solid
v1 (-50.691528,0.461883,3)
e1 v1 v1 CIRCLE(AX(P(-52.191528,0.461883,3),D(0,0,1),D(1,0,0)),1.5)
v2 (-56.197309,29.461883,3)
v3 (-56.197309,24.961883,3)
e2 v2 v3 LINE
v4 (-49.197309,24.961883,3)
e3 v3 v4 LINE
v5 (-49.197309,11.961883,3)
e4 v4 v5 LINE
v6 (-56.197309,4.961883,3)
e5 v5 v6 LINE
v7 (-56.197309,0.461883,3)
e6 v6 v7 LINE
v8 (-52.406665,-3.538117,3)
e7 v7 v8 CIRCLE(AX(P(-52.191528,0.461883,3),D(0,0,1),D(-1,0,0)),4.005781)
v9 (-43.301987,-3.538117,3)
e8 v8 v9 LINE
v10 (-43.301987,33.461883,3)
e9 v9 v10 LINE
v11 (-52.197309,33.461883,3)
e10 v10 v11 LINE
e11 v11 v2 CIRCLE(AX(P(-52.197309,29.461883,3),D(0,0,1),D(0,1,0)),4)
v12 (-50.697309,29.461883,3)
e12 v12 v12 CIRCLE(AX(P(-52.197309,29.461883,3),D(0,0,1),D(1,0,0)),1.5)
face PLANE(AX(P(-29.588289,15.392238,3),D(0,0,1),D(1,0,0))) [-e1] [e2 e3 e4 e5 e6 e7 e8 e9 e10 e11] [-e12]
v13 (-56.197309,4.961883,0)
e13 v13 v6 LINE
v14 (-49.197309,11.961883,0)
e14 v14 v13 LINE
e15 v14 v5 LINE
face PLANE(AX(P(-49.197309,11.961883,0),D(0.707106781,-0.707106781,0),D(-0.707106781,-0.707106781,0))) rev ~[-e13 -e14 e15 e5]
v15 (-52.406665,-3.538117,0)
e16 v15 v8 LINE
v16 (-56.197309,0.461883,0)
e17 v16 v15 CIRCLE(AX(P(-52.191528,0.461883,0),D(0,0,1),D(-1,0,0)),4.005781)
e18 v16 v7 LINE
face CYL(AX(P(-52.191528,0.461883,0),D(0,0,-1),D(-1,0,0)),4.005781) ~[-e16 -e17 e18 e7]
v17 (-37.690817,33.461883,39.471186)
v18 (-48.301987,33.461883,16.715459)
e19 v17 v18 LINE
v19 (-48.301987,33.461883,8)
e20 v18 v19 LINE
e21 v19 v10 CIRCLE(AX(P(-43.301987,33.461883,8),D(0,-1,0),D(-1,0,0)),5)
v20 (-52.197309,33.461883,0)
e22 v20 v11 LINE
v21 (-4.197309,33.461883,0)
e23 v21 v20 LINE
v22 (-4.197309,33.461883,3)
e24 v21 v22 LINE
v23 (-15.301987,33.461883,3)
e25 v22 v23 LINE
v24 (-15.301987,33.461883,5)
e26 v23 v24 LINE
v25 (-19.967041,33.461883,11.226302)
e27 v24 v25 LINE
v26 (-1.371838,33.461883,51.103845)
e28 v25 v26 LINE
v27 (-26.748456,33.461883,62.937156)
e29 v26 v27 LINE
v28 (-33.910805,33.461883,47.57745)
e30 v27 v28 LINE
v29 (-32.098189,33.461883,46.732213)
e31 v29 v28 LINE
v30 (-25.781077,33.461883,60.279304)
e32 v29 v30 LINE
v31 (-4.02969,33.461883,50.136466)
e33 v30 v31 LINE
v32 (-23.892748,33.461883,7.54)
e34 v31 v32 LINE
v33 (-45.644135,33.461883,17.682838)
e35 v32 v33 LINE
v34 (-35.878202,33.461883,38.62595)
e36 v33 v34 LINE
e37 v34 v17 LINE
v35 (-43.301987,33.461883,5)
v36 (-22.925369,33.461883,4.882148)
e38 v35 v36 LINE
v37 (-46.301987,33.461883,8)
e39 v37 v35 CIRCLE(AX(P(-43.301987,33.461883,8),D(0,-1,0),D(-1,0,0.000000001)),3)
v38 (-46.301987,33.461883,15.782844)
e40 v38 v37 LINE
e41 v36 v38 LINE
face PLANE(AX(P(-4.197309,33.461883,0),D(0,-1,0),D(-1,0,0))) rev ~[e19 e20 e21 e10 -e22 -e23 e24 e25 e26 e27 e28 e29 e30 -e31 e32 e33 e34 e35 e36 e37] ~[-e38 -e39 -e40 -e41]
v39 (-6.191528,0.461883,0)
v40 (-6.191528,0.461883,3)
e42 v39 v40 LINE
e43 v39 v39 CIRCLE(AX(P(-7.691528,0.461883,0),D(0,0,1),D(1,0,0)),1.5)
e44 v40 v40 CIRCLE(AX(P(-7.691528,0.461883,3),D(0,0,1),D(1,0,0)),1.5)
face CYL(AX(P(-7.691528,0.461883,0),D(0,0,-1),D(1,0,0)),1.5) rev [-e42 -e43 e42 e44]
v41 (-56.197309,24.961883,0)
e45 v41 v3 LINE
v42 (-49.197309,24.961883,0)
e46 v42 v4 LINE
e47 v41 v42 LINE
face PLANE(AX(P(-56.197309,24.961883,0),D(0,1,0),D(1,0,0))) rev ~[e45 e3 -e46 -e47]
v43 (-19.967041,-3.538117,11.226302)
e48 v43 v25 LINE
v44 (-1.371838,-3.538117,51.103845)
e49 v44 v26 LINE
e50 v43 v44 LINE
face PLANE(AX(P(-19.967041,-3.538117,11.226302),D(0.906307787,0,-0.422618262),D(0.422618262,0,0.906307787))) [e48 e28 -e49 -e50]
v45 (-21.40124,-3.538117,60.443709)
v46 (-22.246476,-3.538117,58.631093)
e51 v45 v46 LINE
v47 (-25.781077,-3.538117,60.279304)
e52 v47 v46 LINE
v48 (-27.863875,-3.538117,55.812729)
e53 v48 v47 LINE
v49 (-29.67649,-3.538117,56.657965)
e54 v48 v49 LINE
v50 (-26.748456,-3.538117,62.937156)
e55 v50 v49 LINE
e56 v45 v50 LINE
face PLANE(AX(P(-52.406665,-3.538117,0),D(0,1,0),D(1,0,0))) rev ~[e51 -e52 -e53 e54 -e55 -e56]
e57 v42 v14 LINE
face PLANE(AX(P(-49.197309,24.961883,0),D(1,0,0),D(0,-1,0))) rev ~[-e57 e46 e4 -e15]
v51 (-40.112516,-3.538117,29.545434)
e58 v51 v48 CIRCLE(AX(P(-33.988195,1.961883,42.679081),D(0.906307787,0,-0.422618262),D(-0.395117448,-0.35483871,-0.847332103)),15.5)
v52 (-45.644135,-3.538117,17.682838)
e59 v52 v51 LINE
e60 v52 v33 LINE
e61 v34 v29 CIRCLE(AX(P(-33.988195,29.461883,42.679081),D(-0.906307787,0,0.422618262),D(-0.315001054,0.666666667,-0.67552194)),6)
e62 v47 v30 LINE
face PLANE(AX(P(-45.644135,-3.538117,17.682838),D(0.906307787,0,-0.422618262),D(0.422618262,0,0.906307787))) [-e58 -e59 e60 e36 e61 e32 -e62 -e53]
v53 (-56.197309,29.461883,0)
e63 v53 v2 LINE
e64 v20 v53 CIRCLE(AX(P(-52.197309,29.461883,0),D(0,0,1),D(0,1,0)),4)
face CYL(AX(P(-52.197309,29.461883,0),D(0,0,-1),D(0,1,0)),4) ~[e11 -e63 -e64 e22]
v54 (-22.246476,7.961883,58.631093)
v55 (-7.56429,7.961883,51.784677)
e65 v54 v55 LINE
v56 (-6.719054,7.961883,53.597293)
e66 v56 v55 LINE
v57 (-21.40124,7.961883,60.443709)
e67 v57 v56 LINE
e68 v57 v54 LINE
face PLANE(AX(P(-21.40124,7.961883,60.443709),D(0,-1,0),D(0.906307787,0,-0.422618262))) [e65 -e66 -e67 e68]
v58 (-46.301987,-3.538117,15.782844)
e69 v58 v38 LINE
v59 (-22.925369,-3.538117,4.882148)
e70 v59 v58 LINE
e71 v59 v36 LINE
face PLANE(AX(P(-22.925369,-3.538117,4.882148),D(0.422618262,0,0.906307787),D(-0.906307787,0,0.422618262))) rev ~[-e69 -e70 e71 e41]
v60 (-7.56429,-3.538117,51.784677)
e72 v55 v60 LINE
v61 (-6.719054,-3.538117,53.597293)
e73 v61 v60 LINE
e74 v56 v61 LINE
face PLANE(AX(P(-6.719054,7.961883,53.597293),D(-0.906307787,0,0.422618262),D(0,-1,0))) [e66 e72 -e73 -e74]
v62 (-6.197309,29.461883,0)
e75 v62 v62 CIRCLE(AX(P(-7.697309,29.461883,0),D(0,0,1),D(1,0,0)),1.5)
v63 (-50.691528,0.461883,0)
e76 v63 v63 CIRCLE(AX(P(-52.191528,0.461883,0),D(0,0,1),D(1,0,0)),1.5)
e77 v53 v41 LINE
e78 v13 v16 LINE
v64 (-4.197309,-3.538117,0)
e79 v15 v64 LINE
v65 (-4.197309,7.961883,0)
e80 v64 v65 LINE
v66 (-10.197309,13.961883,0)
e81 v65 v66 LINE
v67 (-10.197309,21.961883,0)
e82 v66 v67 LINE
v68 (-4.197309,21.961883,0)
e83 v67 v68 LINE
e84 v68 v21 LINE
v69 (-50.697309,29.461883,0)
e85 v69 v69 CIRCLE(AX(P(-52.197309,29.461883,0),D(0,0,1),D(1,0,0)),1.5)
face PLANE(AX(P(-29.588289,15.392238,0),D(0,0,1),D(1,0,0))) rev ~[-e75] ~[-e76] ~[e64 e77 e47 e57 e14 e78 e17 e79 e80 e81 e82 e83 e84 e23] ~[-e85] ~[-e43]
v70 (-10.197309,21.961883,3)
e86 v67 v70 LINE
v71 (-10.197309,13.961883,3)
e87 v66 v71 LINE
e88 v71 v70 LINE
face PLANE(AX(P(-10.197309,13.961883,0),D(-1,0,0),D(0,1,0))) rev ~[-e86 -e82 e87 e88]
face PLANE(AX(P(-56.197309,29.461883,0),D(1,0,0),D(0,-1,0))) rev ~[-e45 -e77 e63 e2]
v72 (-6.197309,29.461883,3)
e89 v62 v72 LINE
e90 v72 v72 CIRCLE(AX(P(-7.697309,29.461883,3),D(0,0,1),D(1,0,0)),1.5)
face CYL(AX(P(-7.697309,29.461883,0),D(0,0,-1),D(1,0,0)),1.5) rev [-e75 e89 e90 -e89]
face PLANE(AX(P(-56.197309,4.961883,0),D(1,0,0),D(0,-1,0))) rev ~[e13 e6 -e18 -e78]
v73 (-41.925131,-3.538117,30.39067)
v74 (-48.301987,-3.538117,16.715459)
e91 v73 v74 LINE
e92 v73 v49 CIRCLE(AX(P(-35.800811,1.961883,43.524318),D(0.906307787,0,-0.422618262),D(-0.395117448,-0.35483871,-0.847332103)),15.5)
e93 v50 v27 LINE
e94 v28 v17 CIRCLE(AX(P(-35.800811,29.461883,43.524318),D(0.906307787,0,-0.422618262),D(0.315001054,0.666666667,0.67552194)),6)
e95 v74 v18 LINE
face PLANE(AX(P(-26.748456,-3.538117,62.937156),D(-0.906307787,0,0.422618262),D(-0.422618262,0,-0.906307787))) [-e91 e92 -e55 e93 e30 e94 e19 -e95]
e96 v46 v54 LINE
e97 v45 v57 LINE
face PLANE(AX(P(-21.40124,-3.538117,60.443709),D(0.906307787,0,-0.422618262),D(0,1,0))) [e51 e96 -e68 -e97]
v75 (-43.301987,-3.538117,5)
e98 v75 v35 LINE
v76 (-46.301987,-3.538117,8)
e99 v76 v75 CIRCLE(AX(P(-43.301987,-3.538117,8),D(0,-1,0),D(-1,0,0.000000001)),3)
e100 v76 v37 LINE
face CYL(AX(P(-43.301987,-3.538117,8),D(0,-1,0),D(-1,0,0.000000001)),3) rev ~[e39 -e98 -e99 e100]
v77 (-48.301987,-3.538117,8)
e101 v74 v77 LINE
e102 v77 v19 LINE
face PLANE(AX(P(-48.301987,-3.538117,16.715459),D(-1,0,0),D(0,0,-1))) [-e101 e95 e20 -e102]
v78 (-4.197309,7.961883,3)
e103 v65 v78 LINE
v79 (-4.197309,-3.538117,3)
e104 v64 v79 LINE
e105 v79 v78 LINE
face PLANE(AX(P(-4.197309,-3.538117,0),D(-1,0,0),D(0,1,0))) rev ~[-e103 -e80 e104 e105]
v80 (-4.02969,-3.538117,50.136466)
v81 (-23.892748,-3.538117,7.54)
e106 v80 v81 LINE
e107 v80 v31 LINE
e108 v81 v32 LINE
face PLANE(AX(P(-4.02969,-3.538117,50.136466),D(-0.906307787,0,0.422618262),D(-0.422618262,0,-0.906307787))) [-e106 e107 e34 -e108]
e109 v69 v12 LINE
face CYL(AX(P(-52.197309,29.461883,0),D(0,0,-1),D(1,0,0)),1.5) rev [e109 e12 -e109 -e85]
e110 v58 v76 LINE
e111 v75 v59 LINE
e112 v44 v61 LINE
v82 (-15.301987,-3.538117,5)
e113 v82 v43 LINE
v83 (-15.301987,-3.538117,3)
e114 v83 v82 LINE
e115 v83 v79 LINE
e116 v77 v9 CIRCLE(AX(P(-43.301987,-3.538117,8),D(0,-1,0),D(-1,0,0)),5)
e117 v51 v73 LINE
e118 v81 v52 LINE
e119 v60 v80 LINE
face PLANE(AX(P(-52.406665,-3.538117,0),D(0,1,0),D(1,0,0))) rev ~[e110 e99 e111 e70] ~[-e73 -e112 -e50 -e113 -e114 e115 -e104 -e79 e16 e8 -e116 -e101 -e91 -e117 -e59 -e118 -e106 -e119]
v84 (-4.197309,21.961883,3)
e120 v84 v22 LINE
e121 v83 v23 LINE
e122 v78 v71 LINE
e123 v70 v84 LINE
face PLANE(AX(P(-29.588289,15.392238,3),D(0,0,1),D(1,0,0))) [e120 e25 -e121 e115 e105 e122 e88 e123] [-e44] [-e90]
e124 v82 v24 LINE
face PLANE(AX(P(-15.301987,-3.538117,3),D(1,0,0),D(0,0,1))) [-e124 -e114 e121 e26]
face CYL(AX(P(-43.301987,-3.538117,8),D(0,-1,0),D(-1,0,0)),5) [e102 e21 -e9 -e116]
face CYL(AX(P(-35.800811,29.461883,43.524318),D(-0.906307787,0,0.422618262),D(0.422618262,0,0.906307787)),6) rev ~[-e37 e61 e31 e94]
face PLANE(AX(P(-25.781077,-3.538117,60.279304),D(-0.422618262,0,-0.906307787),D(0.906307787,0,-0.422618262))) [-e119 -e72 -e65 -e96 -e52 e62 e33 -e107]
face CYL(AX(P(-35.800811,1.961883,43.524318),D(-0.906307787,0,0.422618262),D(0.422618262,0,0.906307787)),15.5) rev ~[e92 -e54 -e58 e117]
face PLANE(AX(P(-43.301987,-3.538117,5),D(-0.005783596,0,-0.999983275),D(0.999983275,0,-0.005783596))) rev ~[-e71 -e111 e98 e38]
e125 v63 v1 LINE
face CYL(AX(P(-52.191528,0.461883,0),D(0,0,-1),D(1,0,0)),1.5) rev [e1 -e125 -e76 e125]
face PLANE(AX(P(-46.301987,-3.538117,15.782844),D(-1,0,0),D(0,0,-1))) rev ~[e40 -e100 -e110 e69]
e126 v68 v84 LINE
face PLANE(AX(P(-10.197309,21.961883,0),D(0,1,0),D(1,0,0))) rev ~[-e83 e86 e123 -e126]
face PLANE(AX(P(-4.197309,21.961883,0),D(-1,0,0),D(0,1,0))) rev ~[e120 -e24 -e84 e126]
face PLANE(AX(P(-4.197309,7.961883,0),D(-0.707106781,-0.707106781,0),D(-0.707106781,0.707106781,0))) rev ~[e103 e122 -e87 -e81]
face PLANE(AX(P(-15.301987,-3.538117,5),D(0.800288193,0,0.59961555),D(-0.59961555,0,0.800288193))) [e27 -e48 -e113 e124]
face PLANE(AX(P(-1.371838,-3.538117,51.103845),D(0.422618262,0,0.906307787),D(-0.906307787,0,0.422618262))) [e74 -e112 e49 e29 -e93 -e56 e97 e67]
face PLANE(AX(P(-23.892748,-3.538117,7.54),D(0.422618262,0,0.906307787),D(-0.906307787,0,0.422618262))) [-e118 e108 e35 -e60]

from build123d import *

# Parameters (mm, degrees)
CROQUIS1_R              = 1.5
SALIENTE_EXTRUIR1_DEPTH = 3
SALIENTE_EXTRUIR2_DEPTH = 37
CROQUIS4_R              = 15.5
CROQUIS4_R_2            = 6
CORTAR_EXTRUIR1_DEPTH   = 2
CORTAR_EXTRUIR2_DEPTH   = 2


with BuildPart() as part:
    # Croquis1 → Saliente-Extruir1 (new body)
    with BuildSketch(Plane.XY):
        with BuildLine():
            Line((-49.197309417, 11.961883408), (-56.197309417, 4.961883408))
            Line((-56.197309417, 4.961883408), (-56.197309417, 0.461883408))
            ThreePointArc((-56.197309417, 0.461883408), (-55.099110766, -2.293519818), (-52.406664651, -3.538116592))
            Line((-52.406664651, -3.538116592), (-4.197309417, -3.538116592))
            Line((-4.197309417, -3.538116592), (-4.197309417, 7.961883408))
            Line((-4.197309417, 7.961883408), (-10.197309417, 13.961883408))
            Line((-10.197309417, 13.961883408), (-10.197309417, 21.961883408))
            Line((-10.197309417, 21.961883408), (-4.197309417, 21.961883408))
            Line((-4.197309417, 21.961883408), (-4.197309417, 33.461883408))
            Line((-4.197309417, 33.461883408), (-52.197309417, 33.461883408))
            ThreePointArc((-52.197309417, 33.461883408), (-55.025736542, 32.290310533), (-56.197309417, 29.461883408))
            Line((-56.197309417, 29.461883408), (-56.197309417, 24.961883408))
            Line((-56.197309417, 24.961883408), (-49.197309417, 24.961883408))
            Line((-49.197309417, 24.961883408), (-49.197309417, 11.961883408))
        make_face()
        with Locations((-52.19152813, 0.461883408)):
            Circle(CROQUIS1_R, mode=Mode.SUBTRACT)
        with Locations((-7.69152813, 0.461883408)):
            Circle(CROQUIS1_R, mode=Mode.SUBTRACT)
        with Locations((-52.197309417, 29.461883408)):
            Circle(CROQUIS1_R, mode=Mode.SUBTRACT)
        with Locations((-7.697309417, 29.461882832)):
            Circle(CROQUIS1_R, mode=Mode.SUBTRACT)
    extrude(amount=SALIENTE_EXTRUIR1_DEPTH)

    # Croquis3 → Saliente-Extruir2 (add)
    with BuildSketch(Plane.XZ.offset(3.538116592)):
        with BuildLine():
            Line((-28.301987034, 3), (-15.301987034, 3))
            Line((-15.301987034, 3), (-15.301987034, 5))
            Line((-15.301987034, 5), (-19.967041165, 11.226302412))
            Line((-19.967041165, 11.226302412), (-1.371837648, 51.103845041))
            Line((-1.371837648, 51.103845041), (-26.748455685, 62.93715637))
            Line((-26.748455685, 62.93715637), (-48.301987034, 16.715459231))
            Line((-48.301987034, 16.715459231), (-48.301987034, 8))
            ThreePointArc((-48.301987034, 8), (-46.83752094, 4.464466094), (-43.301987034, 3))
            Line((-43.301987034, 3), (-28.301987034, 3))
        make_face()
        Polygon((-45.644134936, 17.682838282), (-25.781076635, 60.279304272), (-4.029689746, 50.136465991), (-23.892748048, 7.54), align=None, mode=Mode.SUBTRACT)
        with BuildLine():
            Line((-43.301987034, 5), (-22.925368997, 4.882147902))
            Line((-22.925368997, 4.882147902), (-46.301987034, 15.782843915))
            Line((-46.301987034, 15.782843915), (-46.301987034, 8))
            ThreePointArc((-46.301987034, 8), (-45.423307378, 5.878679656), (-43.301987034, 5))
        make_face(mode=Mode.SUBTRACT)
    extrude(amount=-SALIENTE_EXTRUIR2_DEPTH)

    # Croquis4 → Cortar-Extruir1 (cut)
    with BuildSketch(Plane(origin=(-46.07734524, 0, 21.486218953), x_dir=(0.42261826174069334, 0, 0.9063077870366529), z_dir=(-0.9063077870366529, 0, 0.42261826174069334))):
        with Locations((24.316351755, 1.961883408)):
            Circle(CROQUIS4_R)
        with Locations((24.316351755, 29.461883408)):
            Circle(CROQUIS4_R_2)
    extrude(amount=-CORTAR_EXTRUIR1_DEPTH, mode=Mode.SUBTRACT)

    # Croquis5 → Cortar-Extruir2 (cut)
    with BuildSketch(Plane(origin=(19.328889555, 0, 41.450937417), x_dir=(0.9063077870366526, 0, -0.42261826174069395), z_dir=(0.42261826174069395, 0, 0.9063077870366526))):
        Polygon((-36.840725303, -3.538116592), (-44.940725303, -3.538116592), (-44.940725303, 7.961883408), (-28.740725303, 7.961883408), (-28.740725303, -3.538116592), align=None)
    extrude(amount=-CORTAR_EXTRUIR2_DEPTH, mode=Mode.SUBTRACT)


solid = part.part
